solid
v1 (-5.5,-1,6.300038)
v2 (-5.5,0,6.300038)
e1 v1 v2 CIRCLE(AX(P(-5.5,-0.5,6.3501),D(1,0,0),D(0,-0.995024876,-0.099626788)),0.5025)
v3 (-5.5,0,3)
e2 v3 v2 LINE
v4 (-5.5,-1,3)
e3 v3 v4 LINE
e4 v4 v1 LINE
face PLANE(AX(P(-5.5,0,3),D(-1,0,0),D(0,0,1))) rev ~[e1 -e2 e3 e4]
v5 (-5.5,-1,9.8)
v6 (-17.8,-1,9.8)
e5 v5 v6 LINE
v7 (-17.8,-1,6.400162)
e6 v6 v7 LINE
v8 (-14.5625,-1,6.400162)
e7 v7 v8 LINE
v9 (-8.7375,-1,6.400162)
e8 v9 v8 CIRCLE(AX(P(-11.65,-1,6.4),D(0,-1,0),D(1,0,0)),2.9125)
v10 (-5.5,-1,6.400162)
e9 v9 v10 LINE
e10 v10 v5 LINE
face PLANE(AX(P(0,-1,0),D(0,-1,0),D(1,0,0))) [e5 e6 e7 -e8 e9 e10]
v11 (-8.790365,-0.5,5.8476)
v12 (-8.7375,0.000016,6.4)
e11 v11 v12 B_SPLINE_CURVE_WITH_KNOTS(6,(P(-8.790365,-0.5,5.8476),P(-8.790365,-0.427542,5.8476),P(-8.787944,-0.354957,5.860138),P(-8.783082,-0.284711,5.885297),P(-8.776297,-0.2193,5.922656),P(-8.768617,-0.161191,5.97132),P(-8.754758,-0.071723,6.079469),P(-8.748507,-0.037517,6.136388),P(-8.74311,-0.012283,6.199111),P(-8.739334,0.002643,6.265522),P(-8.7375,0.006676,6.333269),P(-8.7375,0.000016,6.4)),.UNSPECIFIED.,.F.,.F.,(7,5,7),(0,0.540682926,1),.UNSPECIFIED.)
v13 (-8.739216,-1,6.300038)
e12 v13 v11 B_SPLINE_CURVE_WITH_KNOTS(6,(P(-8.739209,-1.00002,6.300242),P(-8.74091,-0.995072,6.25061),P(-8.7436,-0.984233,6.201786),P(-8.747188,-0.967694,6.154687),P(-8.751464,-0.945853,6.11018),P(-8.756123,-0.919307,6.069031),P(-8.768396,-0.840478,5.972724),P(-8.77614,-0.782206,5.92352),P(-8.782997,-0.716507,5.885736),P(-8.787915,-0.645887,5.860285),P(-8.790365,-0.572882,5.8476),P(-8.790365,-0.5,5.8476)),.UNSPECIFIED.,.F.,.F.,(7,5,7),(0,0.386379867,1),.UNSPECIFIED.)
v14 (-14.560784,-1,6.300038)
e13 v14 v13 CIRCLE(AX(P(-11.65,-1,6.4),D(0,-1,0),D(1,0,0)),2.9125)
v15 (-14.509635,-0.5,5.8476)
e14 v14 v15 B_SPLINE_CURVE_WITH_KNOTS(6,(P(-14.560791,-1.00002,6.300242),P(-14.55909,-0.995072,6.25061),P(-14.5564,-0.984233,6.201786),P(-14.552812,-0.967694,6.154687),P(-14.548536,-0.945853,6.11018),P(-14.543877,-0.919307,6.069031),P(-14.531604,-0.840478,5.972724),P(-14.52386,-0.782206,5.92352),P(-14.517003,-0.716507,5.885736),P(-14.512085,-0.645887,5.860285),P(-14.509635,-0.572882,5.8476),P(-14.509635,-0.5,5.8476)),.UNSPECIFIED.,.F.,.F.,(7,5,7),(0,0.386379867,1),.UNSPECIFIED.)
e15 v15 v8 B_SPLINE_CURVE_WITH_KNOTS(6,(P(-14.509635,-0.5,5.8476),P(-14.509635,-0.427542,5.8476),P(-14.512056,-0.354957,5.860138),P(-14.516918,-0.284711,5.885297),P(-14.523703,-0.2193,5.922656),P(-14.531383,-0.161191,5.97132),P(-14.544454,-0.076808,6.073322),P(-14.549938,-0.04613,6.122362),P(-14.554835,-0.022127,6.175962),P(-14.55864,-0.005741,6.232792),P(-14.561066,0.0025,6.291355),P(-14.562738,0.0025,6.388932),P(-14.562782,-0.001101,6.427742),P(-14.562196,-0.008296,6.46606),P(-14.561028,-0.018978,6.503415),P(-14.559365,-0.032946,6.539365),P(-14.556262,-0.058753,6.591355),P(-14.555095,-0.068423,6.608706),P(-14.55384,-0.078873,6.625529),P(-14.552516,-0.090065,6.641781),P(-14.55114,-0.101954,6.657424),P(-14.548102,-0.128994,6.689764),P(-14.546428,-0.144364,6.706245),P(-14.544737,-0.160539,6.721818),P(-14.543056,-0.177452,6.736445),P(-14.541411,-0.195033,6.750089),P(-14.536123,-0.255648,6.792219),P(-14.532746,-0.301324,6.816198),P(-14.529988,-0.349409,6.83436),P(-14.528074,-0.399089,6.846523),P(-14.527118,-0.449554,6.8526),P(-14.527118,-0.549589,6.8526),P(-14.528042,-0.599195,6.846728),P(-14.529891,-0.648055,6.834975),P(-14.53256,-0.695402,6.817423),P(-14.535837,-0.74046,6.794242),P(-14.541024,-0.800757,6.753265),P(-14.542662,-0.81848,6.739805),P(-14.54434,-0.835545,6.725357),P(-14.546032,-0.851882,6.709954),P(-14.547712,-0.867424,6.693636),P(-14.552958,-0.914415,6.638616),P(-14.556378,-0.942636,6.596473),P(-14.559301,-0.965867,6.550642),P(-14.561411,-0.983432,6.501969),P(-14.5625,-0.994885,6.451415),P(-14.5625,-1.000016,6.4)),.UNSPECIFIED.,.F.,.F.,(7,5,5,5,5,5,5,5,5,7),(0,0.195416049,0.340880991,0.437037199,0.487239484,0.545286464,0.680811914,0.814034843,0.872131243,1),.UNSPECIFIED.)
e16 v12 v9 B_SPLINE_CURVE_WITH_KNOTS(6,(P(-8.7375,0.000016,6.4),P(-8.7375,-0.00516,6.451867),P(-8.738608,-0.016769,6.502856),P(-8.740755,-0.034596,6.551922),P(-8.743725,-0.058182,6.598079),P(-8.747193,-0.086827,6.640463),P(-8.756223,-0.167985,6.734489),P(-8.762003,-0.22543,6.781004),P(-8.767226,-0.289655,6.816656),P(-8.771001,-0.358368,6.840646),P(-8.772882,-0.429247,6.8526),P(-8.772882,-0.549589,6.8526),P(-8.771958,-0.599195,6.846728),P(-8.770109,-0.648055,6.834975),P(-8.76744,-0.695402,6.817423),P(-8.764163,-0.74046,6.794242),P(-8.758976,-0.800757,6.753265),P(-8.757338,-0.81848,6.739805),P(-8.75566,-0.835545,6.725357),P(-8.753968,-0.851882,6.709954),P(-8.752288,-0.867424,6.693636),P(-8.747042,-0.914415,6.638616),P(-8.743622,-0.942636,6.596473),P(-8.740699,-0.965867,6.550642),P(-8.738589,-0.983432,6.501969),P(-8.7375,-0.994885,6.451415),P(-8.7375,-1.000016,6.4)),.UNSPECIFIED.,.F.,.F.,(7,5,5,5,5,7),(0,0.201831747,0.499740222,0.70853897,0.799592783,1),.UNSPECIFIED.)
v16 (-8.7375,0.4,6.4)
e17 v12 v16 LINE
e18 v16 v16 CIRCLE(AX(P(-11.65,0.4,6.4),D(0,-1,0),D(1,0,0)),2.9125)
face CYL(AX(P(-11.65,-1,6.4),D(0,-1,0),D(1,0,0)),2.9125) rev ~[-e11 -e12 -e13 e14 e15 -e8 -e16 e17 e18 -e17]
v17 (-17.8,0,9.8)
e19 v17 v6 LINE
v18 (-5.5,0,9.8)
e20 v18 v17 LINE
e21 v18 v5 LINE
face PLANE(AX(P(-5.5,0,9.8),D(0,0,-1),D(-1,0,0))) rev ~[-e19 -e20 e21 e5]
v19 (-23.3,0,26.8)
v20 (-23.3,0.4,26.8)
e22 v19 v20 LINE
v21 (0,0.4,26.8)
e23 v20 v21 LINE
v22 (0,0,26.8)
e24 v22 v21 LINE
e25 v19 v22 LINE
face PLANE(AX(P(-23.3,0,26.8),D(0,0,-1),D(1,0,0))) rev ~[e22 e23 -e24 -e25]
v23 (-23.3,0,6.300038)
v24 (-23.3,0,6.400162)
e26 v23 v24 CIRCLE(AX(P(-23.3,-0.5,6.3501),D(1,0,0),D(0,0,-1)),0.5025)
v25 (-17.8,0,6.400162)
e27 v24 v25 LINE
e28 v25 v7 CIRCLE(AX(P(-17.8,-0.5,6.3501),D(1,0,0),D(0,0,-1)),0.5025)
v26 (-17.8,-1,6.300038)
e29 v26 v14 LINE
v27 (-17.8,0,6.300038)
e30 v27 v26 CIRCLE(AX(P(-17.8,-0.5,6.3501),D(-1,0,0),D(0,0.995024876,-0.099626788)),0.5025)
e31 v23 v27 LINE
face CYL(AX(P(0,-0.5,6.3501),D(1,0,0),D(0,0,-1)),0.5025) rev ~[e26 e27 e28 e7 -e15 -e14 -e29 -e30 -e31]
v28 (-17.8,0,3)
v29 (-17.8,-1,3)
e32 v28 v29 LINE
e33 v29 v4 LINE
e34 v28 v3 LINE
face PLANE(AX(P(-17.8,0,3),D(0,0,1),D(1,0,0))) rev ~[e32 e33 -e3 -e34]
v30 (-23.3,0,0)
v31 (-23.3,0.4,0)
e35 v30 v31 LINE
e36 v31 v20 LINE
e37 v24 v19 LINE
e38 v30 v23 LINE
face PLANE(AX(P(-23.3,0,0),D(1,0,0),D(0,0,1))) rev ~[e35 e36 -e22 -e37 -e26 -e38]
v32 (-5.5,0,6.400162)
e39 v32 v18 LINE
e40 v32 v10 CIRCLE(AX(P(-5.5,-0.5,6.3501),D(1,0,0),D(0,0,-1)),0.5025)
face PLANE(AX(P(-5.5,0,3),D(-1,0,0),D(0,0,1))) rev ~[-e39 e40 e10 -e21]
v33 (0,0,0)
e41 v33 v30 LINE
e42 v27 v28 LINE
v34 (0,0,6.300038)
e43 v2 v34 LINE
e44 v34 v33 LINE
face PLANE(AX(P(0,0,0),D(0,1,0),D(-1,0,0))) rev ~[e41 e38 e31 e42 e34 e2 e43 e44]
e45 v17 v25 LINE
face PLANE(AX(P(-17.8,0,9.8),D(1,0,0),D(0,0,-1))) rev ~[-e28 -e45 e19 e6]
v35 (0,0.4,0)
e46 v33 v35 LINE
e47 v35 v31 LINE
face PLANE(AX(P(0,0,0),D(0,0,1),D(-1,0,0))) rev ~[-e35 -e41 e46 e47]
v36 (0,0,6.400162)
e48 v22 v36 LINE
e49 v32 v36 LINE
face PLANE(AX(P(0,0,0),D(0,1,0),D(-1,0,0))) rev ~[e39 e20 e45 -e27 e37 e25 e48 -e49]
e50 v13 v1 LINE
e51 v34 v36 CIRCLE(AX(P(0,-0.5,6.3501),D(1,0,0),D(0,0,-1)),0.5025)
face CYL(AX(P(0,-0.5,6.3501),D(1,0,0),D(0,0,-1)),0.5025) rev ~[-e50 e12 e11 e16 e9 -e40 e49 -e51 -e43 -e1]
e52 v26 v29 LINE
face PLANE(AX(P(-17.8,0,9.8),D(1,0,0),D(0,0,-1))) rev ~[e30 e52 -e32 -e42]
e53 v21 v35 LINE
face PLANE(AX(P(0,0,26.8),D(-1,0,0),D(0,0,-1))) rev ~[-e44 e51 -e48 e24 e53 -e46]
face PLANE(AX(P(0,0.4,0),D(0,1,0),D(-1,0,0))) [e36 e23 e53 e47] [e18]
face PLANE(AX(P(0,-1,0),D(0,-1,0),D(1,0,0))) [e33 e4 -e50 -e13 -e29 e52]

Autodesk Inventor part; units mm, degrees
ref_plane "YZ Plane" through (0, 0, 0) normal (1, 0, 0) x (0, 1, 0)
ref_plane "XZ Plane" through (0, 0, 0) normal (0, 1, 0) x (-1, 0, 0)
ref_plane "XY Plane" through (0, 0, 0) normal (0, 0, 1) x (1, 0, 0)
sketch "Skizze1" plane through (0, 0, 0) normal (0, 1, 0) x (-1, 0, 0)
  line L0 (0, 0) -> (23.3, 0)
  line L1 (23.3, 0) -> (23.3, 26.8)
  line L2 (23.3, 26.8) -> (0, 26.8)
  line L3 (0, 26.8) -> (0, 0)
  dimension "d0" = 23.3
  dimension "d1" = 26.8
extrude "Extrusion1" add sketch "Skizze1" along normal blind 0.4
sketch "Skizze2" plane through (0, 0, 0) normal (0, -1, 0) x (1, 0, 0)
  line L0 (0, 0) -> (-23.3, 0) projected
  line L1 (0, 26.8) -> (0, 0) projected
  line L2 (-23.3, 26.8) -> (0, 26.8) projected
  line L3 (-23.3, 0) -> (-23.3, 26.8) projected
  line L4 (-17.8, 3) -> (-5.5, 3)
  line L5 (-5.5, 3) -> (-5.5, 9.8)
  line L6 (-5.5, 9.8) -> (-17.8, 9.8)
  line L7 (-17.8, 9.8) -> (-17.8, 3)
  dimension "d4" = 3
  dimension "d5" = 17
  dimension "d6" = 5.5
  dimension "d7" = 5.5
extrude "Extrusion2" add sketch "Skizze2" along normal blind 1 contours L7 L6 L5 L4
sketch "Skizze3" plane through (0, -1, 0) normal (0, -1, 0) x (1, 0, 0)
  line L0 (-17.8, 3) -> (-5.5, 3) projected
  line L1 (-5.5, 3) -> (-5.5, 9.8) projected
  line L2 (-5.5, 9.8) -> (-17.8, 9.8) projected
  line L3 (-17.8, 9.8) -> (-17.8, 3) projected
  circle A0 centre (-11.65, 6.4) radius 2.9125
  point P0 (0, 0)
extrude "Extrusion3" cut sketch "Skizze3" against normal through all contours A0
ref_plane "Work Plane1" through (-11.65, 0, 0) normal (-1, 0, 0) x (0, 0, 1)
sketch "Sketch5" plane through (0, 0, 26.8) normal (1, 0, 0) x (0, 0, -1)
  line L0 (23.3125, -1) -> (23.3125, 0.4) projected
  line L1 (17.4875, -1) -> (17.4875, 0.4) projected
  circle A0 centre (20.4499, -0.5) radius 0.5025
  point P0 (26.8, 0)
extrude "Extrusion5" cut sketch "Sketch5" against normal through all
ref_plane "Work Plane3" through (-52.1328, -19.1011, -24.6499) normal (0, 1, 0) x (1, 0, 0)
sketch "Sketch6" plane through (-52.1328, -19.1011, -24.6499) normal (0, 1, 0) x (1, 0, 0)
  line L0 (46.6328, -31.0499) -> (52.1328, -31.0499) construction
  line L1 (52.1328, -51.4499) -> (52.1328, -31.0499) construction
  line L2 (28.8328, -51.4499) -> (52.1328, -51.4499) construction
  line L3 (28.8328, -31.0499) -> (28.8328, -51.4499) construction
  line L4 (28.8328, -31.0499) -> (34.3328, -31.0499) construction
  line L5 (34.3328, -31.0499) -> (34.3328, -34.4499) construction
  line L6 (34.3328, -34.4499) -> (46.6328, -34.4499) construction
  line L7 (46.6328, -34.4499) -> (46.6328, -31.0499) construction
  line L8 (6.9828, -36.0499) -> (6.9828, 22.8301) construction
  line L9 (46.6328, -31.5025) -> (34.3328, -31.5025) construction
  line L10 (-16.7355, -31.5025) -> (-33.6581, -41.2728) construction
  line L11 (-33.6581, -41.2728) -> (-33.6581, -21.7322) construction
  line L12 (-33.6581, -21.7322) -> (-16.7355, -31.5025) construction
  point P0 (52.1328, -24.6499)
  point P1 (-28.0172, -31.5025)
  dimension "d16" = 35
hole "Hole1" at (-85.7909, -19.1011, 16.6229) at (-68.8683, -19.1011, 6.8526) at (-85.7909, -19.1011, -2.9177) direction (0, -1, 0) diameter 3.3 depth 12 tip angle 118 counterbore diameter 8 counterbore depth 4
properties part number "02_Nanoscopy_Chip"
